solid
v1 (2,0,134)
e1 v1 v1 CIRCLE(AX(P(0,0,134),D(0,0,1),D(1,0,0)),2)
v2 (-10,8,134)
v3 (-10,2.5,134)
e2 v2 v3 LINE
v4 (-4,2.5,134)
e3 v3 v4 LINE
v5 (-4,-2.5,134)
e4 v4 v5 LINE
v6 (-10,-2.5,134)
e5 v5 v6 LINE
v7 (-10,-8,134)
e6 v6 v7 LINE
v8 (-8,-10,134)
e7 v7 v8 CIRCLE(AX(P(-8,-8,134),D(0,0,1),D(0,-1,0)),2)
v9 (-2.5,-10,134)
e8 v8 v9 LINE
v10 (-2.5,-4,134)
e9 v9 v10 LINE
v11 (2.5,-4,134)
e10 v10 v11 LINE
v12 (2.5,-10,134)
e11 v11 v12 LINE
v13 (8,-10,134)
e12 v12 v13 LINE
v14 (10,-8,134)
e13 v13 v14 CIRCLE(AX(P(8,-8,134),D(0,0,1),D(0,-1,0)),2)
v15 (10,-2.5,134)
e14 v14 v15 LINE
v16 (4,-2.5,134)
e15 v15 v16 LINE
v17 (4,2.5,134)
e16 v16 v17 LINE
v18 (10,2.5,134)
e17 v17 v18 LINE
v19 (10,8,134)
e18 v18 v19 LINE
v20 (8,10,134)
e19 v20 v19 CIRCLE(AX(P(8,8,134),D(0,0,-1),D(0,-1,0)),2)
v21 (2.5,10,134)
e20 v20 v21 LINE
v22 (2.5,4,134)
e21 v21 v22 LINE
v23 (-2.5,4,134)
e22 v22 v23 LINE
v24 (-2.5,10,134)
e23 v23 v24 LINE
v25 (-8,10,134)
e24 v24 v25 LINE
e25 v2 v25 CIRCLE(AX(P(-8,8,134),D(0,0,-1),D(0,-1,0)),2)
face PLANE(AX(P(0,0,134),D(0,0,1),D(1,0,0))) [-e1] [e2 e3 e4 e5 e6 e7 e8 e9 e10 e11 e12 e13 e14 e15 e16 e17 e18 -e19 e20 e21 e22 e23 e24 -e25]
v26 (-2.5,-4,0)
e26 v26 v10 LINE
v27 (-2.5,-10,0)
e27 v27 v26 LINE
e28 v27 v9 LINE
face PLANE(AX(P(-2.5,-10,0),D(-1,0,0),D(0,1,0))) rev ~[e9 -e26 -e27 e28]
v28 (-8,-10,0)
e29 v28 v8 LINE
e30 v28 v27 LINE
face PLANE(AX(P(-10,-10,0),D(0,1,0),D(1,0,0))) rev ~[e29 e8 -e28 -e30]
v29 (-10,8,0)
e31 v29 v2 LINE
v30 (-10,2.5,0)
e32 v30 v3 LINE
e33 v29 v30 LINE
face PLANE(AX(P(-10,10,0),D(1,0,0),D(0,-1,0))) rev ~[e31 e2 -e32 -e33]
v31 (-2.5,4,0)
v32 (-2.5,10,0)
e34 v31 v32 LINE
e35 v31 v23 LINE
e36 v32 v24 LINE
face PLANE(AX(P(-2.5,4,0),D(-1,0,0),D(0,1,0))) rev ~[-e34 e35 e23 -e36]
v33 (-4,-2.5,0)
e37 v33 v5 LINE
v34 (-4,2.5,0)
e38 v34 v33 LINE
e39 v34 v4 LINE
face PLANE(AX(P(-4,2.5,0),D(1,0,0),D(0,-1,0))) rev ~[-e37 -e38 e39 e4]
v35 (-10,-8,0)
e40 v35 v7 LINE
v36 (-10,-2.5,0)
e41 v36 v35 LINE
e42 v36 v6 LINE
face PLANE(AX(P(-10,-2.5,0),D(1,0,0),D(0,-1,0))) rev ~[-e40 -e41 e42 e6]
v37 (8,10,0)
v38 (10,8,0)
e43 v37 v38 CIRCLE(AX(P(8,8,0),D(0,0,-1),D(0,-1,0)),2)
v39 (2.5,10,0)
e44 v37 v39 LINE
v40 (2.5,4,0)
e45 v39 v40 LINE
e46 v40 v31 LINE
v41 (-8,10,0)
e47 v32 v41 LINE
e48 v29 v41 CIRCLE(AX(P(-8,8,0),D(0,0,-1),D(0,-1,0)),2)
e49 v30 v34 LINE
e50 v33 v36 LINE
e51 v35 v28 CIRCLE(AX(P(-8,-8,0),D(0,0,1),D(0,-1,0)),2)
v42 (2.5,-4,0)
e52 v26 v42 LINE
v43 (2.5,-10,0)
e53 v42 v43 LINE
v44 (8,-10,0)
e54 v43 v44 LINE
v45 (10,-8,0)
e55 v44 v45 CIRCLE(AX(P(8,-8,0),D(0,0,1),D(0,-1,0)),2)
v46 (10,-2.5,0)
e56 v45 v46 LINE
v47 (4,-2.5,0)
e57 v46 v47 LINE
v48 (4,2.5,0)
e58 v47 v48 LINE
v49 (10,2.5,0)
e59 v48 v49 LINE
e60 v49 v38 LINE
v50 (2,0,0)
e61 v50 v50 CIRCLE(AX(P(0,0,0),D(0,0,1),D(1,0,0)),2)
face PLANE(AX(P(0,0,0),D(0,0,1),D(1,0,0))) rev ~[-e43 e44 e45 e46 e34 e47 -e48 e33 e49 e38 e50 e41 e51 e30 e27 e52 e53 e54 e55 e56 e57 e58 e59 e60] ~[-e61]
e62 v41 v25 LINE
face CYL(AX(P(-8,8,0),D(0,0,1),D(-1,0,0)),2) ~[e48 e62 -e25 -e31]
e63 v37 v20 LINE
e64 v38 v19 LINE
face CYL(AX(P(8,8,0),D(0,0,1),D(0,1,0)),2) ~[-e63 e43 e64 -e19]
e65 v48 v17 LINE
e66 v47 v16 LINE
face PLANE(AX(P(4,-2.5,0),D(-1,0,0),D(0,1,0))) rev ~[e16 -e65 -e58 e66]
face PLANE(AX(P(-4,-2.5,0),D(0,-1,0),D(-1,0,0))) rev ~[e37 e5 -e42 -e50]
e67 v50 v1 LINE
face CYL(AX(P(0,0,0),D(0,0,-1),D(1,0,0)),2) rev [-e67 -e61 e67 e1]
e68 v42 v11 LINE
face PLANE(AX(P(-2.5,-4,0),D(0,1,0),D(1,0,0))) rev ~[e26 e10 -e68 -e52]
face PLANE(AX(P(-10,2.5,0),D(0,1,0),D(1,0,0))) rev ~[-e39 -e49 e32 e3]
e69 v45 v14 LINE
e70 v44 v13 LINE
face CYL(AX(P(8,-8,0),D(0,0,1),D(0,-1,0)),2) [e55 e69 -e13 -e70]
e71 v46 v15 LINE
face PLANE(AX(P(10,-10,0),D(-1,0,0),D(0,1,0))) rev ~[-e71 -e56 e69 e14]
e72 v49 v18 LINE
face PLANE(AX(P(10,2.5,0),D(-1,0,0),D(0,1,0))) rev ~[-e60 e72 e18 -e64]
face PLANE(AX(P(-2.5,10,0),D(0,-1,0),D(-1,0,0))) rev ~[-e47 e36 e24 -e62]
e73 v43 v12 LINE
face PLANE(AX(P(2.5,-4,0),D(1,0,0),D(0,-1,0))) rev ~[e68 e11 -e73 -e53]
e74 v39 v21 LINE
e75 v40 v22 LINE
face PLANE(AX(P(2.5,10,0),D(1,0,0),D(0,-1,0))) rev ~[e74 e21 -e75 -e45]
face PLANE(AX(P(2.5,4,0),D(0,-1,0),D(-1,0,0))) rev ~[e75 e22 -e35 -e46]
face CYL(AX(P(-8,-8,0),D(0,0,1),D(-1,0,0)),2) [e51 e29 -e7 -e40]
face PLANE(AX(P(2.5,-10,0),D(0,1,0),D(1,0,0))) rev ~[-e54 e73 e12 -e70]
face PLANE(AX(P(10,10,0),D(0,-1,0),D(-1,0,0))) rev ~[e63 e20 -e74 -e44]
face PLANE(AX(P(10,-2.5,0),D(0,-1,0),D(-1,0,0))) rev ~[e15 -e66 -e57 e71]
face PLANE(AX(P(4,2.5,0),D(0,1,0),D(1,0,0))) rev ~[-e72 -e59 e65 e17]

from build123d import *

# Parameters (mm, degrees)
F0_R     = 2
F1_DEPTH = 134
F2_R     = 2


with BuildPart() as f1:
    # F0 (on Top) → F1 (new body)
    with BuildSketch(Plane.XY):
        Polygon((-4, 2.5), (-4, 0), (-4, -2.5), (-10, -2.5), (-10, -10), (-2.5, -10), (-2.5, -4), (0, -4), (2.5, -4), (2.5, -10), (10, -10), (10, -2.5), (4, -2.5), (4, 0), (4, 2.5), (10, 2.5), (10, 10), (2.5, 10), (2.5, 4), (0, 4), (-2.5, 4), (-2.5, 10), (-10, 10), (-10, 2.5), align=None)
        Circle(F0_R, mode=Mode.SUBTRACT)
    extrude(amount=F1_DEPTH)

    # F2
    f2_edges = [f1.edges().sort_by_distance(p)[0] for p in [
        (10, -10, 67),
        (-10, -10, 67),
        (-10, 10, 67),
        (10, 10, 67),
    ]]
    fillet(f2_edges, radius=F2_R)


solid = f1.part
